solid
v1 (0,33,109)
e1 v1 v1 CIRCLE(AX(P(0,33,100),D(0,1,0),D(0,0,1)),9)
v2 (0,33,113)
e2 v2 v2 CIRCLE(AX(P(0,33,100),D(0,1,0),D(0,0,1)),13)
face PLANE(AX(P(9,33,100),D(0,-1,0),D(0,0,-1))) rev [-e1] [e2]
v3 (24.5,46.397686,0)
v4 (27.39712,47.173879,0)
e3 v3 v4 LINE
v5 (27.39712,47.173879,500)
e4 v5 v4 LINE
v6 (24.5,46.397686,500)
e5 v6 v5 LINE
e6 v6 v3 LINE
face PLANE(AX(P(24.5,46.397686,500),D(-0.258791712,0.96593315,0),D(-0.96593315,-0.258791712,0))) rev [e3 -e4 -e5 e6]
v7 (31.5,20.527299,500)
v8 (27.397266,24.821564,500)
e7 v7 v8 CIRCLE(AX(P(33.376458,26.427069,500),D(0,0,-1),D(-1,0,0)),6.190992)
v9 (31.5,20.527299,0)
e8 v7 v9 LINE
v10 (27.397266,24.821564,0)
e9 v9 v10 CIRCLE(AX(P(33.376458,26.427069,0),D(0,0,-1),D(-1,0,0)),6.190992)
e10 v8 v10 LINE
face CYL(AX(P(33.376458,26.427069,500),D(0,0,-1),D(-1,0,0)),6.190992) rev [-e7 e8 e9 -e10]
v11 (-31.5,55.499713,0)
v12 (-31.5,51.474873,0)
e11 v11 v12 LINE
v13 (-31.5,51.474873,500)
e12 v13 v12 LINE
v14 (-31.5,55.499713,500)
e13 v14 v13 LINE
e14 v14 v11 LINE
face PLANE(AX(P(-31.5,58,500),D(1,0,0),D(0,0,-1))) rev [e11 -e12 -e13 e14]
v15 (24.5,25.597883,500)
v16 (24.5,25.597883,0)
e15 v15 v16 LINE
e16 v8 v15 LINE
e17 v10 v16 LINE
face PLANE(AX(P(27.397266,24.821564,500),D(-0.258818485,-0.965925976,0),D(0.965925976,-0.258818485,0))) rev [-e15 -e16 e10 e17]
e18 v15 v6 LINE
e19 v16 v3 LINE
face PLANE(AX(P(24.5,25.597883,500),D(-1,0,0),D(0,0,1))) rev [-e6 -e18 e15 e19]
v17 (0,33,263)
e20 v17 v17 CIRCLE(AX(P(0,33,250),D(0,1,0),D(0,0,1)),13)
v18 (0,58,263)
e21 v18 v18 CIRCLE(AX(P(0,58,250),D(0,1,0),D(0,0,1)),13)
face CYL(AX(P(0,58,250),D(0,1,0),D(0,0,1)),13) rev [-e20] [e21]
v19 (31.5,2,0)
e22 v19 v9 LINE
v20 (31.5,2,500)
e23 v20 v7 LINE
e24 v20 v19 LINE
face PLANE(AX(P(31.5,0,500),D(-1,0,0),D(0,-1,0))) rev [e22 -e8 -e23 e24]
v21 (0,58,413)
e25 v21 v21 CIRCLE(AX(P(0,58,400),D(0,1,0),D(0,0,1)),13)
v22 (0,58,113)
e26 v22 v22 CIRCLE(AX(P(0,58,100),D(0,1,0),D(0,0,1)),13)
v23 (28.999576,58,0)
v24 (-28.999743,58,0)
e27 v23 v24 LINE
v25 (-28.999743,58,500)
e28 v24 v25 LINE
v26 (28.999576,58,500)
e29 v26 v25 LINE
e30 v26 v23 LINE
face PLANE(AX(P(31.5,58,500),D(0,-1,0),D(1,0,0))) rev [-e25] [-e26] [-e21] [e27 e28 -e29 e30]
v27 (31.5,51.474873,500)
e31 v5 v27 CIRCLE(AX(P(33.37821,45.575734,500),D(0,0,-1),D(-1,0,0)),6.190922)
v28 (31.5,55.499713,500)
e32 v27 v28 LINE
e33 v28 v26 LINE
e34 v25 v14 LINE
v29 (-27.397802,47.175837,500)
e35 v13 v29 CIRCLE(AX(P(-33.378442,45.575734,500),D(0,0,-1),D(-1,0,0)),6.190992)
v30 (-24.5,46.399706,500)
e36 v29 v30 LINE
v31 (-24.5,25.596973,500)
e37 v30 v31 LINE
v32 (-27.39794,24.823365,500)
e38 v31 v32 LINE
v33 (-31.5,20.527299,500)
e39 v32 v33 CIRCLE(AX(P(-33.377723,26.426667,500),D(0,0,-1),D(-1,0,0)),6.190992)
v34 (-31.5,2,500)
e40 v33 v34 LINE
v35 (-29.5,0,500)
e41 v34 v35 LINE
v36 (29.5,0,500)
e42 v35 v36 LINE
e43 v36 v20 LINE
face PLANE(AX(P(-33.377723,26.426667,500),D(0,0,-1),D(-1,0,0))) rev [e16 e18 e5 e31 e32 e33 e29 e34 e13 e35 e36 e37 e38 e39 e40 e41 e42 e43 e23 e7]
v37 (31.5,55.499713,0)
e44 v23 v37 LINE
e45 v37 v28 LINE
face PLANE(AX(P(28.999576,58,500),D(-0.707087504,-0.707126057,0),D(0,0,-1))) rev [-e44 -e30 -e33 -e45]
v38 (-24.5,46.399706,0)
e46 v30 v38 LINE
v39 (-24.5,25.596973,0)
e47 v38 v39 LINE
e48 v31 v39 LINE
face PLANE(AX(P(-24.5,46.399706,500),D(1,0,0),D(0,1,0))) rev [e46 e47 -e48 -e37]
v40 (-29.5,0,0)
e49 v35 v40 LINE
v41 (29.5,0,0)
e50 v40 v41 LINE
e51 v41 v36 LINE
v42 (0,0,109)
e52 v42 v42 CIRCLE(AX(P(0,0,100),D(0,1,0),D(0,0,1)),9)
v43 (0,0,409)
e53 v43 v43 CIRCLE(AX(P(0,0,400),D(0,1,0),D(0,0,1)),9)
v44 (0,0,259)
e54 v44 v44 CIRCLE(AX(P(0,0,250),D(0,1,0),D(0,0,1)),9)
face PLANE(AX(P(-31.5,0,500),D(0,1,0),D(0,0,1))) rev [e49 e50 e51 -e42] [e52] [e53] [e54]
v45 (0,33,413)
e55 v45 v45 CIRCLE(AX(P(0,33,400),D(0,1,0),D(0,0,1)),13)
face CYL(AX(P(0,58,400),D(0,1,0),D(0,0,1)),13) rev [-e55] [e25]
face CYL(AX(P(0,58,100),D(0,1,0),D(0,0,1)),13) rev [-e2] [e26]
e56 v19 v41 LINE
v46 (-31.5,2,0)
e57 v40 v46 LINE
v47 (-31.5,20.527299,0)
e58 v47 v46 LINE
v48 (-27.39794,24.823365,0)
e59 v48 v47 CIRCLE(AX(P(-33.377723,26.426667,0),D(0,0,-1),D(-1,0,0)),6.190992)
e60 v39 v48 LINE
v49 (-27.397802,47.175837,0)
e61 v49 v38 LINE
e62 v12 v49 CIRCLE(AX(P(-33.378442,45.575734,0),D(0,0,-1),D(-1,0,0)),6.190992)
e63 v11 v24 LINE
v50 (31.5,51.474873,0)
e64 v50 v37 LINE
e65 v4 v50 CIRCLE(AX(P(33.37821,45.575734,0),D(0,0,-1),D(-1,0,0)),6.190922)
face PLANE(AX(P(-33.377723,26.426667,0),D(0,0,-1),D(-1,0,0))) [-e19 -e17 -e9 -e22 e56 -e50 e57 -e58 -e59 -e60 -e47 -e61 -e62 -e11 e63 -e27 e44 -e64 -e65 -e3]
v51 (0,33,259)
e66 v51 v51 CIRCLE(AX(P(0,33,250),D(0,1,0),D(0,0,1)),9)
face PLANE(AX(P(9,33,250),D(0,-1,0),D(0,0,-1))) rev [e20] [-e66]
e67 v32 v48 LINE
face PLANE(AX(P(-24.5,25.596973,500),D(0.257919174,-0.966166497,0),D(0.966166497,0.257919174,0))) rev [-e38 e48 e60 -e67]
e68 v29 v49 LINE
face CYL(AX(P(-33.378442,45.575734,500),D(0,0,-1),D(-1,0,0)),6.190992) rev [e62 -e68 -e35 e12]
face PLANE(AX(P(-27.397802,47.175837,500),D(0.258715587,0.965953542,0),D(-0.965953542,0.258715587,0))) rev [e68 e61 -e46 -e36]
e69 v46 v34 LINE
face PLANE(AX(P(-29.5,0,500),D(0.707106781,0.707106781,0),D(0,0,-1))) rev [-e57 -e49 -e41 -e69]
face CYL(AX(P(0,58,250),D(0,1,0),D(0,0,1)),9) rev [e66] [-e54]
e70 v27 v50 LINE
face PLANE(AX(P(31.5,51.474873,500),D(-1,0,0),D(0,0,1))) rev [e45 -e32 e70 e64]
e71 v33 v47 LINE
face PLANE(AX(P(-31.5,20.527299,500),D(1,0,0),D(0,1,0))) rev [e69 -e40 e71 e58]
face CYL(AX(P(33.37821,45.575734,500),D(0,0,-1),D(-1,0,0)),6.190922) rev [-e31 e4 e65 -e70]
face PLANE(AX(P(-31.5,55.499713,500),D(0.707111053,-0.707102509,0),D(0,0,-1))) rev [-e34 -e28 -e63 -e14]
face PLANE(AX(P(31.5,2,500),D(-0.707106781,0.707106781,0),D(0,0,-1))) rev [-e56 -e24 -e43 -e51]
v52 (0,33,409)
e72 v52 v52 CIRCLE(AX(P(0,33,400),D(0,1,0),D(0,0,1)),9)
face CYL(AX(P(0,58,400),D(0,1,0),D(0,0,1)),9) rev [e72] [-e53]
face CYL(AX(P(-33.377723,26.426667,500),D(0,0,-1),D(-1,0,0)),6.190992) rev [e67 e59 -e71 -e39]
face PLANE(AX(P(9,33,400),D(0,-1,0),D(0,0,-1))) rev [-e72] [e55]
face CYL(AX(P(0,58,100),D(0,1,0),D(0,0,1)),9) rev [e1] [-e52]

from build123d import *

# Parameters (mm, degrees)
RESSALTO_EXTRUS_O1_DEPTH                             = 500
REBAIXO_PARA_PARAFUSO_DE_CABE_A_SEXTAVAD_D           = 18
REBAIXO_PARA_PARAFUSO_DE_CABE_A_SEXTAVAD_DEPTH       = 58
REBAIXO_PARA_PARAFUSO_DE_CABE_A_SEXTAVAD_CBORE_D     = 26
REBAIXO_PARA_PARAFUSO_DE_CABE_A_SEXTAVAD_CBORE_DEPTH = 25
CHANFRO1_SIZE2                                       = 2.500287455
CHANFRO1_SIZE                                        = 2.500257245
CHANFRO2_SIZE2                                       = 2.500423779
CHANFRO2_SIZE                                        = 2.500287455
CHANFRO3_SIZE                                        = 2


with BuildPart() as part:
    # Esboço1 → Ressalto-extrusão1 (new body)
    with BuildSketch(Plane.XY):
        with BuildLine():
            Line((-31.5, 20.527298986), (-31.5, 0))
            Line((-31.5, 0), (31.5, 0))
            Line((31.5, 0), (31.5, 20.527298986))
            ThreePointArc((31.5, 20.527298986), (28.900076881, 22.150342104), (27.397266061, 24.82156445))
            Line((27.397266061, 24.82156445), (24.5, 25.597882749))
            Line((24.5, 25.597882749), (24.5, 46.397686197))
            Line((24.5, 46.397686197), (27.397119712, 47.17387922))
            ThreePointArc((27.397119712, 47.17387922), (28.898613337, 49.848990738), (31.5, 51.474872705))
            Line((31.5, 51.474872705), (31.5, 58))
            Line((31.5, 58), (-31.5, 58))
            Line((-31.5, 58), (-31.5, 51.474872705))
            ThreePointArc((-31.5, 51.474872705), (-28.899411057, 49.849685923), (-27.397802135, 47.175837466))
            Line((-27.397802135, 47.175837466), (-24.5, 46.399706372))
            Line((-24.5, 46.399706372), (-24.5, 25.596973237))
            Line((-24.5, 25.596973237), (-27.397939574, 24.823365186))
            ThreePointArc((-27.397939574, 24.823365186), (-28.900095464, 22.151244343), (-31.5, 20.527298986))
        make_face()
    extrude(amount=RESSALTO_EXTRUS_O1_DEPTH)

    # Rebaixo para parafuso de cabeça sextavada de M161
    with Locations(Plane(origin=(0, 58, 0), x_dir=(1, 0, 0), z_dir=(0, 1, 0))):
        with Locations((0, -100), (0, -250), (0, -400), (0, -550), (0, -700), (0, -850), (0, -1000), (0, -1150), (0, -1300), (0, -1450), (0, -1600), (0, -1750), (0, -1900), (0, -2050), (0, -2200), (0, -2350)):
            CounterBoreHole(REBAIXO_PARA_PARAFUSO_DE_CABE_A_SEXTAVAD_D / 2, REBAIXO_PARA_PARAFUSO_DE_CABE_A_SEXTAVAD_CBORE_D / 2, REBAIXO_PARA_PARAFUSO_DE_CABE_A_SEXTAVAD_CBORE_DEPTH, depth=REBAIXO_PARA_PARAFUSO_DE_CABE_A_SEXTAVAD_DEPTH)

    # Chanfro1
    chanfro1_edges = [part.edges().sort_by_distance(p)[0] for p in [
        (-31.5, 58, 250),
    ]]
    chamfer(chanfro1_edges, length=CHANFRO1_SIZE, length2=CHANFRO1_SIZE2)

    # Chanfro2
    chanfro2_edges = [part.edges().sort_by_distance(p)[0] for p in [
        (31.5, 58, 250),
    ]]
    chamfer(chanfro2_edges, length=CHANFRO2_SIZE, length2=CHANFRO2_SIZE2)

    # Chanfro3
    chanfro3_edges = [part.edges().sort_by_distance(p)[0] for p in [
        (31.5, 0, 250),
        (-31.5, 0, 250),
    ]]
    chamfer(chanfro3_edges, length=CHANFRO3_SIZE)


solid = part.part
